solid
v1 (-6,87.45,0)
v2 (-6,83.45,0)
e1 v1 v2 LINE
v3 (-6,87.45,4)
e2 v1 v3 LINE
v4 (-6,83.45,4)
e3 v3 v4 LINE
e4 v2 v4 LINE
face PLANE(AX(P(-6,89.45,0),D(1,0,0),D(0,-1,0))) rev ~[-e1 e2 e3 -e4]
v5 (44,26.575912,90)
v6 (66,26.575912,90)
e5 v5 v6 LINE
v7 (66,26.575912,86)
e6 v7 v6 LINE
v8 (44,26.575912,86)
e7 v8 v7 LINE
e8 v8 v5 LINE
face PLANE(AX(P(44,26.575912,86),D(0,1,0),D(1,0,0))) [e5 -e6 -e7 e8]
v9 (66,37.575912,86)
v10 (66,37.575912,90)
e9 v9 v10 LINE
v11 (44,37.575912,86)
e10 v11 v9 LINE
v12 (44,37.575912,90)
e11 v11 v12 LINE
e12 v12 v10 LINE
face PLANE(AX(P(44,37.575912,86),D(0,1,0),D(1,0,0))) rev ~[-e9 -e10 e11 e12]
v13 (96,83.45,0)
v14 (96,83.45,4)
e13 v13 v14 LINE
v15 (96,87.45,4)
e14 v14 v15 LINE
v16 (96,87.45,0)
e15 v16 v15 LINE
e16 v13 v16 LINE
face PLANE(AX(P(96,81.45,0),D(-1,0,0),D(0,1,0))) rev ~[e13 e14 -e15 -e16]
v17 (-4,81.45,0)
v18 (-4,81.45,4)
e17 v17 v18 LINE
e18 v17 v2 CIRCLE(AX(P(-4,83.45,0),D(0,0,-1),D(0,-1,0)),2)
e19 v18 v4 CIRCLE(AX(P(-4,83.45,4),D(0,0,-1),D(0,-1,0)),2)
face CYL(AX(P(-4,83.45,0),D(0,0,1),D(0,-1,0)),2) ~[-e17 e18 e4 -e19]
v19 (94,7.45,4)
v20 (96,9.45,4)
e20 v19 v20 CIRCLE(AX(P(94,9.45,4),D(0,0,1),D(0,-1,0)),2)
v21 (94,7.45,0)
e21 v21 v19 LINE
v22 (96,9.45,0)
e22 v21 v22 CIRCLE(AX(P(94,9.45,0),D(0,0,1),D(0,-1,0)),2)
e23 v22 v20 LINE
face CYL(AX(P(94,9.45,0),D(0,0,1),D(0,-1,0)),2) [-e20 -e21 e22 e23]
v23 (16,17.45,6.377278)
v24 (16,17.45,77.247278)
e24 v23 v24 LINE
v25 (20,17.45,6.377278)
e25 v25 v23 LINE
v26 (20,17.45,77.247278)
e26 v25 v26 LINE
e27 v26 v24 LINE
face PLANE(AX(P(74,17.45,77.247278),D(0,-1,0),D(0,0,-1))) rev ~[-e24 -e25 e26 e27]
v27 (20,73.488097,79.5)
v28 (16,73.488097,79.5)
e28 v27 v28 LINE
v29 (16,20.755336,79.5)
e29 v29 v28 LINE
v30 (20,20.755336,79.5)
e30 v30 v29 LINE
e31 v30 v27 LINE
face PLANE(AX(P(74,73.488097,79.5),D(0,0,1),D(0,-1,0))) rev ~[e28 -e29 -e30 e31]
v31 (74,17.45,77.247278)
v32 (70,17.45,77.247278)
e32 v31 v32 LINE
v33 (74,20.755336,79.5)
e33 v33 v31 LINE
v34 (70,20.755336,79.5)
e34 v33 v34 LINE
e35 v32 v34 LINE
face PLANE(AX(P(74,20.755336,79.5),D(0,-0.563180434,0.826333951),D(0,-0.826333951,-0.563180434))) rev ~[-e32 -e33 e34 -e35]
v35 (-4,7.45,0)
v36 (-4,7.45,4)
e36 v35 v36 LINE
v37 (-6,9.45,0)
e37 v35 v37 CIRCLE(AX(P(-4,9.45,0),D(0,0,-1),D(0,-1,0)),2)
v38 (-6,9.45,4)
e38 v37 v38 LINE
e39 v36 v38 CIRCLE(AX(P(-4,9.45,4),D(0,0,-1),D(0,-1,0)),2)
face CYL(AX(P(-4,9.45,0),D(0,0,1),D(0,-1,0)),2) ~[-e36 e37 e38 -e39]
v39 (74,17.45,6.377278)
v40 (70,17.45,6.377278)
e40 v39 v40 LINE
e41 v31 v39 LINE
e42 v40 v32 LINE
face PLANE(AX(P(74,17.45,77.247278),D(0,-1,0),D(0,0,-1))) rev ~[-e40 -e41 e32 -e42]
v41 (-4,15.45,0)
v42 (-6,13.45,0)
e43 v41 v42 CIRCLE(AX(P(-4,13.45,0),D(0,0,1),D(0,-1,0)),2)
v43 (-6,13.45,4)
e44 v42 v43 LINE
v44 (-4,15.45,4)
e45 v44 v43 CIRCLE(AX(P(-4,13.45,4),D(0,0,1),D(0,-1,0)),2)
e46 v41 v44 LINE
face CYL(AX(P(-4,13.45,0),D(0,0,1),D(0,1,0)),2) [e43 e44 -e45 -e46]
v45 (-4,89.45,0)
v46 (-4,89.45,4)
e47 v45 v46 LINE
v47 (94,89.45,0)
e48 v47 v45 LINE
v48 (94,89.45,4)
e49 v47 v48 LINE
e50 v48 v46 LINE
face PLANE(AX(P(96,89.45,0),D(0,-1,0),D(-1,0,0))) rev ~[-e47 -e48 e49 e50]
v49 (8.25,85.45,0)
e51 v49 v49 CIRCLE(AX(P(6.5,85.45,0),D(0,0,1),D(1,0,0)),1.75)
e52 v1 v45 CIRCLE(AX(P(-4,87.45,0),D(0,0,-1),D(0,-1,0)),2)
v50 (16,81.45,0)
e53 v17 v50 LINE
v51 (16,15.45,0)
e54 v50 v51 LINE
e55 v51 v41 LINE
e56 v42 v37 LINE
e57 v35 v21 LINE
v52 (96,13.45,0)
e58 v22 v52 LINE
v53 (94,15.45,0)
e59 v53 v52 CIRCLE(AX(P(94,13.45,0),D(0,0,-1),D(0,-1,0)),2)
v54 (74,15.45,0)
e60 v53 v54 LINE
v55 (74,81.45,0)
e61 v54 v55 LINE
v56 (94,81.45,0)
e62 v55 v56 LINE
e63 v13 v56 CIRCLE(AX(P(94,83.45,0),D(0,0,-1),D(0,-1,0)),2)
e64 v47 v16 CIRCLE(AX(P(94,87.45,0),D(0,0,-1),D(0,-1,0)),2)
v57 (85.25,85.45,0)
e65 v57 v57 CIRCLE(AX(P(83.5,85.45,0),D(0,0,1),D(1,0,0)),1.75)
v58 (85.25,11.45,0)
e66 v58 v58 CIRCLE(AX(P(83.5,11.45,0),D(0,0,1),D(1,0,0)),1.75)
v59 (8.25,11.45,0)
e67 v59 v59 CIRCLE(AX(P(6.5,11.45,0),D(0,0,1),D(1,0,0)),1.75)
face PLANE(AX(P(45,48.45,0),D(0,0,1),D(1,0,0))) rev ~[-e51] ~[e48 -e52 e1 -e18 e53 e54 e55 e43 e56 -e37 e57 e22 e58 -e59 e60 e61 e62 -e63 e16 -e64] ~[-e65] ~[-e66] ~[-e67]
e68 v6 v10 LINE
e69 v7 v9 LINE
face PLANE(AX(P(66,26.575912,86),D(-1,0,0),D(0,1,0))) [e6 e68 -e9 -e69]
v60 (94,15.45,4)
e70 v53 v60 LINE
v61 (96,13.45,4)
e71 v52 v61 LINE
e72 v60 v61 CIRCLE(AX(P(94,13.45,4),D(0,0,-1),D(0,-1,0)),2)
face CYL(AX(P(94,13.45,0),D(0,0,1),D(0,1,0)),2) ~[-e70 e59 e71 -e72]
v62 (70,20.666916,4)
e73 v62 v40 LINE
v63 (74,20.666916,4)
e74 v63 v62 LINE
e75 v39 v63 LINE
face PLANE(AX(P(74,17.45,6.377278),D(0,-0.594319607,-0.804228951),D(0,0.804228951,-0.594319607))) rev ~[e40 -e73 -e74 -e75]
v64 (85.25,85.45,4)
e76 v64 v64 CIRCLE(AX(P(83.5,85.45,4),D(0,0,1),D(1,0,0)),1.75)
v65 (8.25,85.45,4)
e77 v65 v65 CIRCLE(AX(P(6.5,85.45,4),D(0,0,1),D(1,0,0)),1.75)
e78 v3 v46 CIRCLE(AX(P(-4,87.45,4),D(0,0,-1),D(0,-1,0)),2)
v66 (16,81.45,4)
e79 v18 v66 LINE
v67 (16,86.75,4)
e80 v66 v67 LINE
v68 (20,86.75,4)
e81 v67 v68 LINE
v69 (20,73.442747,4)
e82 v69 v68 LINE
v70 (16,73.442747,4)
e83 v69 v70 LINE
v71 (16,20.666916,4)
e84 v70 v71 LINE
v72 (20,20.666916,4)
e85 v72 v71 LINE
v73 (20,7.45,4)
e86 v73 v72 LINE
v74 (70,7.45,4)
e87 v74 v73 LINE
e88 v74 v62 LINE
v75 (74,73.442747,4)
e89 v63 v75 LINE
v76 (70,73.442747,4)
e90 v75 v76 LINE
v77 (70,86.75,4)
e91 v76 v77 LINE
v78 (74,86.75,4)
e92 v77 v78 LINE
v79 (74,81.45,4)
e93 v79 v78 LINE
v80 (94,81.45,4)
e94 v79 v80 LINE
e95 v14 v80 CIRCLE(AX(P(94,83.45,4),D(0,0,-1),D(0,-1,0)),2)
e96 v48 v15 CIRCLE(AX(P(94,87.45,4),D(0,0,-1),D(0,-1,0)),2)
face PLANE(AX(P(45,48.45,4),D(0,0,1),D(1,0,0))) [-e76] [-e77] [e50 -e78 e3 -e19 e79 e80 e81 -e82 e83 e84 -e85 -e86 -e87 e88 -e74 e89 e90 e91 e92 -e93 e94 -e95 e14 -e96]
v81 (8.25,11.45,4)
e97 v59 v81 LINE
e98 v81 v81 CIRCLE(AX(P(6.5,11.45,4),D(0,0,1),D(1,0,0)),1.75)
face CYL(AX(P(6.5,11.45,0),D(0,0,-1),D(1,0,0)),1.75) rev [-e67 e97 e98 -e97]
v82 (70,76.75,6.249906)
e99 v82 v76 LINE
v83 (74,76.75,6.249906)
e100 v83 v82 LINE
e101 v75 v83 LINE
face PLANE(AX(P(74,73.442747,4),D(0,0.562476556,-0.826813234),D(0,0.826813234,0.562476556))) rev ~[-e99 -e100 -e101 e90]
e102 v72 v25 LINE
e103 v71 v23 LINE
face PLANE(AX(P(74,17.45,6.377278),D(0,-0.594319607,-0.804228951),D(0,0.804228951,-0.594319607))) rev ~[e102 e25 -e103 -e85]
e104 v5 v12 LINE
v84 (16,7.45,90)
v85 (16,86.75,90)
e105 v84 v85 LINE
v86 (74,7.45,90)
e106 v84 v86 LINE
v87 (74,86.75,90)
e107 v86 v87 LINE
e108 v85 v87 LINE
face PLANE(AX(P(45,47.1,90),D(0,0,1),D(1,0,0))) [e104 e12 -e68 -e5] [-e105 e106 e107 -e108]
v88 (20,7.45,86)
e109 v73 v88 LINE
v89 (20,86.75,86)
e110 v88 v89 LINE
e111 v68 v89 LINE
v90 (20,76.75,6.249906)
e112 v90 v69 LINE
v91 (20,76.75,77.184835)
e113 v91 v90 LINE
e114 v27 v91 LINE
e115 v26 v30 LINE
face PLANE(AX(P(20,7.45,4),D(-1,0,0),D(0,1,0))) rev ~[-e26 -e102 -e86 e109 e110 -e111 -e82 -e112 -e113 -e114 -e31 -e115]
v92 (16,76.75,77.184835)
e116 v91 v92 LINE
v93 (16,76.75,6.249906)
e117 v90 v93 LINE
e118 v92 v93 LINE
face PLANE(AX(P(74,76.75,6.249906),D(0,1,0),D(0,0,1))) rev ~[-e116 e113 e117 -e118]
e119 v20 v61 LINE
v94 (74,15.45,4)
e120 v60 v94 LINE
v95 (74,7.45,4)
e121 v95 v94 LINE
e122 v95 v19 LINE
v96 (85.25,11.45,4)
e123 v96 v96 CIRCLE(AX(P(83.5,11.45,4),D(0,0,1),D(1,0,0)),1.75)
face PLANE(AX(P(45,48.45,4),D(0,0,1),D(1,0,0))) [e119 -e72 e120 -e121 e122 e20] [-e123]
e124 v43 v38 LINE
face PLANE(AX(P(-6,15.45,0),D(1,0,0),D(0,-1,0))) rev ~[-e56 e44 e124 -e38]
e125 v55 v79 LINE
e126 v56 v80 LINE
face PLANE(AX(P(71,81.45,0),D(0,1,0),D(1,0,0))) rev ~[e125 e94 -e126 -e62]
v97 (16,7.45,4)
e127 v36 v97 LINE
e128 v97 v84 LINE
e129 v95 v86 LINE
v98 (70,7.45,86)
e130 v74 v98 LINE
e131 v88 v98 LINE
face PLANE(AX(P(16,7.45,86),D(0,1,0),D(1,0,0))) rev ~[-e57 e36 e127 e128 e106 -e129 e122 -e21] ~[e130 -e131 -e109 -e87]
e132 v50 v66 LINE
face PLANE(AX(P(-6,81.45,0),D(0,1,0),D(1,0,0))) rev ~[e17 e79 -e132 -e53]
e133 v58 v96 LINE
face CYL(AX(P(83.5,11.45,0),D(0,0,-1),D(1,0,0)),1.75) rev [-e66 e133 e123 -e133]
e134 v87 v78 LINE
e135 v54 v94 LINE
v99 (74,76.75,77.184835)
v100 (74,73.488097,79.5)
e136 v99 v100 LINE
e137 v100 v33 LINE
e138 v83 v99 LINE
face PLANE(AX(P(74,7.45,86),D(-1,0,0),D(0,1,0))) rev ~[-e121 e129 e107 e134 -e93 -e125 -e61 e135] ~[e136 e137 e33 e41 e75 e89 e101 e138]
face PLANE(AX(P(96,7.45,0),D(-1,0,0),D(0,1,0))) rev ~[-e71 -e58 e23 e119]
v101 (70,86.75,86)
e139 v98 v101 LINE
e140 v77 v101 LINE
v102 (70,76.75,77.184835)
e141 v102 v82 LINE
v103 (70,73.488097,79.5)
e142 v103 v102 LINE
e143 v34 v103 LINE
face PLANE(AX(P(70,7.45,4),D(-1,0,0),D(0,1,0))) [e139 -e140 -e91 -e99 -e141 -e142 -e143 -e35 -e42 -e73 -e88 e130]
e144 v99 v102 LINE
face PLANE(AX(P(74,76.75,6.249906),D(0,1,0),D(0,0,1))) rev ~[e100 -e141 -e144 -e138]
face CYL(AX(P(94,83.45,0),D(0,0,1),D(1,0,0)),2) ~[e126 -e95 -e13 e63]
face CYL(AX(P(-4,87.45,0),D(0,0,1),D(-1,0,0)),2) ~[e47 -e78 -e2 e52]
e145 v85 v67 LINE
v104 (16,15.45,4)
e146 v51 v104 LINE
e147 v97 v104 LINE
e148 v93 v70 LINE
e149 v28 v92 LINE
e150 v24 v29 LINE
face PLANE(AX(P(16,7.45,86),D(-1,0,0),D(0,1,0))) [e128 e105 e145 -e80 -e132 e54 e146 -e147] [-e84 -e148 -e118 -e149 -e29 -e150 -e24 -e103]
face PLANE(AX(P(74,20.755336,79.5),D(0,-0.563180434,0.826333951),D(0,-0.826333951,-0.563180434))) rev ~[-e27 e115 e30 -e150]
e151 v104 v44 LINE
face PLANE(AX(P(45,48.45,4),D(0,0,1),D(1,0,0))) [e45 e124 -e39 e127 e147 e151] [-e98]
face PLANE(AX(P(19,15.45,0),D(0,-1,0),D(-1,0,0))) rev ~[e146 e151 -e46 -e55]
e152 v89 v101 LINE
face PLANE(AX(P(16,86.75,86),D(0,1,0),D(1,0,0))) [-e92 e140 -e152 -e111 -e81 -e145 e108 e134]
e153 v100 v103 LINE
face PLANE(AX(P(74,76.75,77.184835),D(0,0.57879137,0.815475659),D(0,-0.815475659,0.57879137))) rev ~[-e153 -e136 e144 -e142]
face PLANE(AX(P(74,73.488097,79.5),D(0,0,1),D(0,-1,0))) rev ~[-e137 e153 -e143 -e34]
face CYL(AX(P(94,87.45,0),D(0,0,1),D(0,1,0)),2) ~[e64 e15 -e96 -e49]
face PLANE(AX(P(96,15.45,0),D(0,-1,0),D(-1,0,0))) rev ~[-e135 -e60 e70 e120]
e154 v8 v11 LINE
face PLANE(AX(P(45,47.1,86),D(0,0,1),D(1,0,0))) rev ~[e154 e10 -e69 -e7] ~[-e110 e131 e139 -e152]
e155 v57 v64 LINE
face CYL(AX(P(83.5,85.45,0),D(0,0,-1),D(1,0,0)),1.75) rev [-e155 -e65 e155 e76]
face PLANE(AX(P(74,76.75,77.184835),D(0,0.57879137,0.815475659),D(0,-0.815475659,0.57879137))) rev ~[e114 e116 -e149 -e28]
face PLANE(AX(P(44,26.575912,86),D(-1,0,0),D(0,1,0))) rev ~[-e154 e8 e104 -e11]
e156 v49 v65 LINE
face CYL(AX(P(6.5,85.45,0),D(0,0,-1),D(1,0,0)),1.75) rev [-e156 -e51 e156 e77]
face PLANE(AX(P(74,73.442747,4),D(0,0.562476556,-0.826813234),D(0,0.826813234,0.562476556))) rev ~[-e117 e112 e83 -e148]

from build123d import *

# Parameters (mm, degrees)
F0_R      = 1.75
F1_DEPTH  = 4
F3_W      = 3
F3_H      = 79.3
F4_DEPTH  = 82
F5_DEPTH  = 2
F6_DEPTH  = 2
F7_DEPTH  = 3
F8_DEPTH  = 3
F9_R      = 2
F12_DEPTH = 80.001
F14_W     = 58
F14_H     = 79.3
F14_W_2   = 22
F14_H_2   = 11
F15_DEPTH = 4


with BuildPart() as f1:
    # F0 (on Top) → F1 (new body)
    with BuildSketch(Plane.XY):
        Polygon((71, 89.45), (19, 89.45), (-6, 89.45), (-6, 81.45), (19, 81.45), (19, 15.45), (-6, 15.45), (-6, 7.45), (19, 7.45), (71, 7.45), (96, 7.45), (96, 15.45), (71, 15.45), (71, 81.45), (96, 81.45), (96, 89.45), align=None)
        with Locations((6.5, 11.45)):
            Circle(F0_R, mode=Mode.SUBTRACT)
        with Locations((83.5, 11.45)):
            Circle(F0_R, mode=Mode.SUBTRACT)
        with Locations((6.5, 85.45)):
            Circle(F0_R, mode=Mode.SUBTRACT)
        with Locations((83.5, 85.45)):
            Circle(F0_R, mode=Mode.SUBTRACT)
    extrude(amount=F1_DEPTH)

    # F3 (on offset) → F4 (join)
    with BuildSketch(Plane.XY.offset(4)):
        with Locations((20.5, 47.1)):
            Rectangle(F3_W, F3_H)
        with Locations((69.5, 47.1)):
            Rectangle(F3_W, F3_H)
    extrude(amount=F4_DEPTH)

    # F5 (cut): a face of the model
    f5_faces = [f1.faces().sort_by_distance(p)[0] for p in [
        (22, 47.1, 45),
    ]]
    extrude(f5_faces, amount=-F5_DEPTH, mode=Mode.SUBTRACT)

    # F6 (cut): a face of the model
    f6_faces = [f1.faces().sort_by_distance(p)[0] for p in [
        (68, 47.1, 45),
    ]]
    extrude(f6_faces, amount=-F6_DEPTH, mode=Mode.SUBTRACT)

    # F7 (add): a face of the model
    f7_faces = [f1.faces().sort_by_distance(p)[0] for p in [
        (71, 47.1526704697, 43.3223480034),
    ]]
    extrude(f7_faces, amount=F7_DEPTH)

    # F8 (add): a face of the model
    f8_faces = [f1.faces().sort_by_distance(p)[0] for p in [
        (19, 47.1526704697, 43.3223480034),
    ]]
    extrude(f8_faces, amount=F8_DEPTH)

    # F9
    f9_edges = [f1.edges().sort_by_distance(p)[0] for p in [
        (96, 81.45, 2),
        (96, 89.45, 2),
        (96, 15.45, 2),
        (96, 7.45, 2),
        (-6, 7.45, 2),
        (-6, 89.45, 2),
        (-6, 81.45, 2),
        (-6, 15.45, 2),
    ]]
    fillet(f9_edges, radius=F9_R)

    # F11 (on offset) → F12 (cut, through all)
    with BuildSketch(Plane.YZ.offset(74)):
        Polygon((73.4880973649, 79.5), (20.7553358046, 79.5), (17.45, 77.2472782643), (17.45, 6.3772784262), (20.6669158031, 4), (73.4427470628, 4), (76.75, 6.2499062224), (76.75, 77.1848345202), align=None)
    extrude(amount=-F12_DEPTH, mode=Mode.SUBTRACT)

    # F14 (on offset) → F15 (join)
    with BuildSketch(Plane.XY.offset(86)):
        with Locations((45, 47.1)):
            Rectangle(F14_W, F14_H)
        with Locations((55, 32.0759117305)):
            Rectangle(F14_W_2, F14_H_2, mode=Mode.SUBTRACT)
    extrude(amount=F15_DEPTH)


solid = f1.part
